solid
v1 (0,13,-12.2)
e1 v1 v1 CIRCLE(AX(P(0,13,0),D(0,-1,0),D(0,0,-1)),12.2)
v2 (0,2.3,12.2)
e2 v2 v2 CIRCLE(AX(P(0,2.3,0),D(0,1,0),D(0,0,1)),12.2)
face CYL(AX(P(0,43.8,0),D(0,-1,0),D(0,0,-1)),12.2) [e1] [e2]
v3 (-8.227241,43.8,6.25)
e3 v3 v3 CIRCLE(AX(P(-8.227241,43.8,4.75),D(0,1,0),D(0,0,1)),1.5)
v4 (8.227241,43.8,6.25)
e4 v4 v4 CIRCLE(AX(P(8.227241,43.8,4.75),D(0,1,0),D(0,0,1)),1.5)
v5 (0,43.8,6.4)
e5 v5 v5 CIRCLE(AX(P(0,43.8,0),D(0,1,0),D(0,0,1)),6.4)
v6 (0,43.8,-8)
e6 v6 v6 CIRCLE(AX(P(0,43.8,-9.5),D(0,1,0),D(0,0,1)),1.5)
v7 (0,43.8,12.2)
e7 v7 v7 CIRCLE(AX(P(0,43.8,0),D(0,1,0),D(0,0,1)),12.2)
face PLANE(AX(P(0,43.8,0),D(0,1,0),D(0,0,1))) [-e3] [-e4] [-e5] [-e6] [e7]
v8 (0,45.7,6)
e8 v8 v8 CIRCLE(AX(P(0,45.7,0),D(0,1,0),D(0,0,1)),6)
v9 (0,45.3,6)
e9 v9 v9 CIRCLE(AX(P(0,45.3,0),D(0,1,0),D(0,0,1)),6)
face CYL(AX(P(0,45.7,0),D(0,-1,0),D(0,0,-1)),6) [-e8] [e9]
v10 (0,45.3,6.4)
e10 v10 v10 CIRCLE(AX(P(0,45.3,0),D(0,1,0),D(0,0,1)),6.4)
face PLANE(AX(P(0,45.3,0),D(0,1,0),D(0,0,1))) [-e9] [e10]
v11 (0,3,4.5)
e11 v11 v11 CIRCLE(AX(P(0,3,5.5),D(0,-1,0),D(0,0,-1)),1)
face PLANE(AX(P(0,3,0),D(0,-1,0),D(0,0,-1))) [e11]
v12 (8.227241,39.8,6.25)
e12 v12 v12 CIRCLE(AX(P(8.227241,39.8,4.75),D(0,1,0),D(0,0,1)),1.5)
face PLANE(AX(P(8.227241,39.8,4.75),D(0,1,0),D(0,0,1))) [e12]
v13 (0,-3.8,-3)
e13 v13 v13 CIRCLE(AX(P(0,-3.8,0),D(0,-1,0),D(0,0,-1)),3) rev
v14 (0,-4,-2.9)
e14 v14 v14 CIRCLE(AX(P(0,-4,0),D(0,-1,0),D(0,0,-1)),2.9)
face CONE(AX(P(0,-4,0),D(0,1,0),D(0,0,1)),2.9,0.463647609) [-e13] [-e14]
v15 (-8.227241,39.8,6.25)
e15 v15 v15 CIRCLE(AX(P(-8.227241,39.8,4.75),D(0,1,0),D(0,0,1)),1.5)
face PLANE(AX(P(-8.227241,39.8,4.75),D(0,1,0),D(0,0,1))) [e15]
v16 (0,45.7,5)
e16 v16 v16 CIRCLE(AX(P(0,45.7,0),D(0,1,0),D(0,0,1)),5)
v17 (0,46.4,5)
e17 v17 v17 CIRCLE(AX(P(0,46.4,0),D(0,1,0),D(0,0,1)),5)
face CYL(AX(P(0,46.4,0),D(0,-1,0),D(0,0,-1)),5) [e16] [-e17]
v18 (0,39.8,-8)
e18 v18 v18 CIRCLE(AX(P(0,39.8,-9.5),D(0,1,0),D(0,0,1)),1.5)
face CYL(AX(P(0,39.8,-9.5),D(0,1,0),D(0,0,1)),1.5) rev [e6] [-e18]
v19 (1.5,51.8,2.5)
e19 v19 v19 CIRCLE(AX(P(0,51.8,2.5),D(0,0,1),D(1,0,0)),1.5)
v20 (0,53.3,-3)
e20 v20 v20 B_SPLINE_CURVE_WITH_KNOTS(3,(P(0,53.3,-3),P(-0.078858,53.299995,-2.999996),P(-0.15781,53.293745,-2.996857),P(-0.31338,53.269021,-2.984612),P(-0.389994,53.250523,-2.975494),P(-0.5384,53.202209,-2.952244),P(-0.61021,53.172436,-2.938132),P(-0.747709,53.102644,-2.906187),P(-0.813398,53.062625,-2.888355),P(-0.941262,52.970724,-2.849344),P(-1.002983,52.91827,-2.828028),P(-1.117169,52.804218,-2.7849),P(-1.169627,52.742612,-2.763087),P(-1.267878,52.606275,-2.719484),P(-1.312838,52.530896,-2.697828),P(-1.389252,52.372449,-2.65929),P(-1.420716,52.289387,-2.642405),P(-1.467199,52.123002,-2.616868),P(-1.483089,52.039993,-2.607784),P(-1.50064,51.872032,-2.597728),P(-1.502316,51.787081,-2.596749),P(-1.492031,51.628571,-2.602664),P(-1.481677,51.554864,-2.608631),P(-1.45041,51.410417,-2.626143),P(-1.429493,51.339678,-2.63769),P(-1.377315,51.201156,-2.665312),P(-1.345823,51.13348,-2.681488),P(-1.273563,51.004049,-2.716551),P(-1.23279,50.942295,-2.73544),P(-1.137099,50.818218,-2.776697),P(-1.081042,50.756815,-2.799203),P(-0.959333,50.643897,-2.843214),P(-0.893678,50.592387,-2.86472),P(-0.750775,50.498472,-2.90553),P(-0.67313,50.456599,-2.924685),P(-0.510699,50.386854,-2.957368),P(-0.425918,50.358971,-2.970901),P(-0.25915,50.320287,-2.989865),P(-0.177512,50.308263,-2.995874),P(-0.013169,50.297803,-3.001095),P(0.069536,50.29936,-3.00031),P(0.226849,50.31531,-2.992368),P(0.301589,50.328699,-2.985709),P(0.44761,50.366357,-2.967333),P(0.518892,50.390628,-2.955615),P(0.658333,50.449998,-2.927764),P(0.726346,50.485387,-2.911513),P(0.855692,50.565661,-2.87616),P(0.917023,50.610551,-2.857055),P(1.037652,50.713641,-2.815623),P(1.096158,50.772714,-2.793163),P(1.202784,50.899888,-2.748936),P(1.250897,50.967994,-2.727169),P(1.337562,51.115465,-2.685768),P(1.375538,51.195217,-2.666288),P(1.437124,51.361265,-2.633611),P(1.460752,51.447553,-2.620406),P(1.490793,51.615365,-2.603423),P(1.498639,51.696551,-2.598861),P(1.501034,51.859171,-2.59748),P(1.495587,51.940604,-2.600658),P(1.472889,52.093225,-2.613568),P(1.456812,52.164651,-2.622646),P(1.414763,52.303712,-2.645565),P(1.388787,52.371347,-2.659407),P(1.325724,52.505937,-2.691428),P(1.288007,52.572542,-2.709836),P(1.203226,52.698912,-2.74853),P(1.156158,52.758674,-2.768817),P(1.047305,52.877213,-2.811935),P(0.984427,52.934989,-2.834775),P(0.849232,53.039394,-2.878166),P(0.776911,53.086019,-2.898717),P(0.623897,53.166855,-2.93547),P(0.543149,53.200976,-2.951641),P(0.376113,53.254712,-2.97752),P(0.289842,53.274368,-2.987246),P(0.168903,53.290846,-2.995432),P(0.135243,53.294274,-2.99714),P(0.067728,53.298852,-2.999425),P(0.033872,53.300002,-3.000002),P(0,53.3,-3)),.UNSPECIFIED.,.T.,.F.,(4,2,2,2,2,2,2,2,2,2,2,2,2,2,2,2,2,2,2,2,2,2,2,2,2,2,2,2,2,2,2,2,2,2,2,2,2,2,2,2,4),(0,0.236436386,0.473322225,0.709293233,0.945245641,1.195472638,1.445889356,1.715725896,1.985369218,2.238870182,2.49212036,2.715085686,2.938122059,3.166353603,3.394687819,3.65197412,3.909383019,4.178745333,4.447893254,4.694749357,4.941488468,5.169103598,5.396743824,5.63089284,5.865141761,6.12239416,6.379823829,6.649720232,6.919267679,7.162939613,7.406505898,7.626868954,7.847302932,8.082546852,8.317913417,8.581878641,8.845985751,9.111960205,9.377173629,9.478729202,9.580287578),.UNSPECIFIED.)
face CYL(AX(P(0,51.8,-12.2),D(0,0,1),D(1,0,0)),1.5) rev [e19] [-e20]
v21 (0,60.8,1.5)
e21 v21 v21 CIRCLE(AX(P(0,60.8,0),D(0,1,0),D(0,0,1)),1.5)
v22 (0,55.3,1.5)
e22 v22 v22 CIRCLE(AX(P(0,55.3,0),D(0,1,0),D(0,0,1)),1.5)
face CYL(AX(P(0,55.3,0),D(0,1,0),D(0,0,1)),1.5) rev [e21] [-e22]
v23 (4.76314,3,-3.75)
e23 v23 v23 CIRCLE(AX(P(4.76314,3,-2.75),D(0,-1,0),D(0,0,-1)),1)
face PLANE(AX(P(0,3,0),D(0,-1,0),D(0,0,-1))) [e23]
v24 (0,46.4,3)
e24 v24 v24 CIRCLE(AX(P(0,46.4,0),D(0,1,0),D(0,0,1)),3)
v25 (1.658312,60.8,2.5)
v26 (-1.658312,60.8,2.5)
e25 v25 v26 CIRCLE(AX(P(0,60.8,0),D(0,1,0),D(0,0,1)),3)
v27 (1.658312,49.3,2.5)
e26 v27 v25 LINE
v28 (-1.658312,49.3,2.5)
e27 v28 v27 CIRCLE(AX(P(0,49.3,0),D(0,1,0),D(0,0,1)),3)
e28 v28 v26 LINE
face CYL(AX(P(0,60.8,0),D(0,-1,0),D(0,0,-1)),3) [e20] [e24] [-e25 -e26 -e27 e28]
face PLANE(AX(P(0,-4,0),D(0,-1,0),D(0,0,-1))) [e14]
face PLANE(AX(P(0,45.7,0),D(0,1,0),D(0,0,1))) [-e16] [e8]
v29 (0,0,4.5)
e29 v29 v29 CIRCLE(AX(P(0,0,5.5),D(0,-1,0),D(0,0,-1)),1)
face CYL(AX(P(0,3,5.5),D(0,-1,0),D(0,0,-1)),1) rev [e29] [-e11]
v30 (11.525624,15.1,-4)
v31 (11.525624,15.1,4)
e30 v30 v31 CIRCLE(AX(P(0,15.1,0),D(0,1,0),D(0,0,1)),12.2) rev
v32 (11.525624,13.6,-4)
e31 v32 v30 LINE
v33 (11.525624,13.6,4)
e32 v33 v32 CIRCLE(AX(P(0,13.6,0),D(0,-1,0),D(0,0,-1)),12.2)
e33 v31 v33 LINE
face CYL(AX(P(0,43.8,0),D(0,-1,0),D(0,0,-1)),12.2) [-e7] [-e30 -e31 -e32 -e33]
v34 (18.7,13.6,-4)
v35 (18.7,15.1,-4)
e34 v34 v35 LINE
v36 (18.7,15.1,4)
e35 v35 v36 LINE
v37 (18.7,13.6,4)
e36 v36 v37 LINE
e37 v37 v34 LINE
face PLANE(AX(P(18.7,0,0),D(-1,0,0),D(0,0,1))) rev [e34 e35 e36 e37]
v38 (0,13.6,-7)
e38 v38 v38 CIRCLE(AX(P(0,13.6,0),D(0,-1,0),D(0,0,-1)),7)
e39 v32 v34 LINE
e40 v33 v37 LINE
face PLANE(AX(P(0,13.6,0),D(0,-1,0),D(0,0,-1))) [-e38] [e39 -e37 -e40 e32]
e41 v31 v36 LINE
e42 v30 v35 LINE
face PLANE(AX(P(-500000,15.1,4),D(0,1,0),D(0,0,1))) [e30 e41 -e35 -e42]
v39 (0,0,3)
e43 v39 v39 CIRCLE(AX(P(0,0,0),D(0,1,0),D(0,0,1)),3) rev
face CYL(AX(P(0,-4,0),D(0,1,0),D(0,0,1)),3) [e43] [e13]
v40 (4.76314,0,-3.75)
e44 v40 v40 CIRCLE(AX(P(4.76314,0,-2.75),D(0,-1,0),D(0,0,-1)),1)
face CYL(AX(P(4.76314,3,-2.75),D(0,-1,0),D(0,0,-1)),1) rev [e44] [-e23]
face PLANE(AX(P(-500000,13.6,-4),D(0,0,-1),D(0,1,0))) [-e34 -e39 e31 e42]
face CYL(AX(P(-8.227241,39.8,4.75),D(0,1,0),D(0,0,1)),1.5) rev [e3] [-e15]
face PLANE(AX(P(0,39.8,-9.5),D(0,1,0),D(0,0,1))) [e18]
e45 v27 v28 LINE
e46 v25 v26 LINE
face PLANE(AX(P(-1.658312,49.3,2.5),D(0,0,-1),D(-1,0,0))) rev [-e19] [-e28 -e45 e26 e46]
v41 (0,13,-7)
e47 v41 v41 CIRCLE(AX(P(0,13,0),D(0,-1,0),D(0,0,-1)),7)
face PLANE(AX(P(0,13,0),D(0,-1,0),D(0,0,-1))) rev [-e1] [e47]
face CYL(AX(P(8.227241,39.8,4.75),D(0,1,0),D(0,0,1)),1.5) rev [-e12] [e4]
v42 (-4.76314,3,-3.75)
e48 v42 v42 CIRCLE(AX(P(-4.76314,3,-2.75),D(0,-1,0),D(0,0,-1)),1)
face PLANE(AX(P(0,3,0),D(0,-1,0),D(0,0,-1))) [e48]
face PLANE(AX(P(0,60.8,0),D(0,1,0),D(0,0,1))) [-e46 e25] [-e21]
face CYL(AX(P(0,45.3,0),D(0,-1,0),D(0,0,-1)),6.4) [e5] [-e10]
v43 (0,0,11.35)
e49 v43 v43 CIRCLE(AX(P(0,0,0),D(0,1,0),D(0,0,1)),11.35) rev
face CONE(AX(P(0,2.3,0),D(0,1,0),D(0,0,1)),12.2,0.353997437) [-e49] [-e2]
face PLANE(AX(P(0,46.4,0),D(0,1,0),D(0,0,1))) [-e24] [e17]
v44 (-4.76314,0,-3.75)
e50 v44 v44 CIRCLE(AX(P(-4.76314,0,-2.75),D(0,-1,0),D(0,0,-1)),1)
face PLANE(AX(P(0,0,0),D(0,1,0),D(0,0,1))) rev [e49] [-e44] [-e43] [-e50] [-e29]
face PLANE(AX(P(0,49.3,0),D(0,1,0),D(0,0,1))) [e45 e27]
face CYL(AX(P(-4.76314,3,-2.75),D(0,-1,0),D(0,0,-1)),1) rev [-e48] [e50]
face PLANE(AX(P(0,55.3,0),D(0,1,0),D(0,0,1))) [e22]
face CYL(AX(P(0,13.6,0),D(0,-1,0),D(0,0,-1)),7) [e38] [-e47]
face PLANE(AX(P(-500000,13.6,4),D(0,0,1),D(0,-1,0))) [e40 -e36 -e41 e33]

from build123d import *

# Parameters (mm, degrees)
SKETCH_1_R          = 12.2
EXTRUDE_1_DEPTH     = 43.8
SKETCH_3_R          = 1.5
CUT_EXTRUDE_1_DEPTH = 4
CHAMFER_1_SIZE      = 0.85
CHAMFER_1_SIZE2     = 2.3
SKETCH_4_R          = 6.4
EXTRUDE_2_DEPTH     = 1.5
SKETCH_5_R          = 6
EXTRUDE_3_DEPTH     = 0.4
SKETCH_6_R          = 5
EXTRUDE_4_DEPTH     = 0.7
SKETCH_7_R          = 3
EXTRUDE_5_DEPTH     = 14.4
SKETCH_8_R          = 1.5
CUT_EXTRUDE_2_DEPTH = 5.5
CUT_EXTRUDE_3_DEPTH = 11.5
SKETCH_10_R         = 1.5
CUT_EXTRUDE_4_DEPTH = 15.7
CUT_EXTRUDE_START   = -13
SKETCH_11_R         = 12.2
SKETCH_11_R_2       = 7
CUT_EXTRUDE_5_DEPTH = 0.6
EXTRUDE_6_REACH     = 32.9
SKETCH_12_W         = 8
SKETCH_12_H         = 1.5
SKETCH_13_R         = 1
CUT_EXTRUDE_6_DEPTH = 3
SKETCH_14_R         = 3
EXTRUDE_7_DEPTH     = 4
CHAMFER_2_SIZE      = 0.2
CHAMFER_2_SIZE2     = 0.1


with BuildPart() as part:
    # 草图1 → 凸台-拉伸1 (new body)
    with BuildSketch(Plane(origin=(0, 0, 0), x_dir=(1, 0, 0), z_dir=(0, 1, 0))):
        Circle(SKETCH_1_R)
    extrude(amount=EXTRUDE_1_DEPTH)

    # 草图3 → 切除-拉伸1 (cut)
    with BuildSketch(Plane(origin=(0, 43.8, 0), x_dir=(1, 0, 0), z_dir=(0, 1, 0))):
        with Locations((0, 9.5)):
            Circle(SKETCH_3_R)
        with Locations((-8.227241336, -4.75)):
            Circle(SKETCH_3_R)
        with Locations((8.227241336, -4.75)):
            Circle(SKETCH_3_R)
    extrude(amount=-CUT_EXTRUDE_1_DEPTH, mode=Mode.SUBTRACT)

    # 倒角1
    chamfer_1_edges = [part.edges().sort_by_distance(p)[0] for p in [
        (-12.2, 0, 0),
    ]]
    chamfer_1_side = [part.faces().sort_by_distance(p)[0] for p in [
        (0, 0, 0),
    ]]
    chamfer(chamfer_1_edges, length=CHAMFER_1_SIZE, length2=CHAMFER_1_SIZE2, reference=chamfer_1_side[0])

    # 草图4 → 凸台-拉伸2 (add)
    with BuildSketch(Plane(origin=(0, 43.8, 0), x_dir=(1, 0, 0), z_dir=(0, 1, 0))):
        Circle(SKETCH_4_R)
    extrude(amount=EXTRUDE_2_DEPTH)

    # 草图5 → 凸台-拉伸3 (add)
    with BuildSketch(Plane(origin=(0, 45.3, 0), x_dir=(1, 0, 0), z_dir=(0, 1, 0))):
        Circle(SKETCH_5_R)
    extrude(amount=EXTRUDE_3_DEPTH)

    # 草图6 → 凸台-拉伸4 (add)
    with BuildSketch(Plane(origin=(0, 45.7, 0), x_dir=(1, 0, 0), z_dir=(0, 1, 0))):
        Circle(SKETCH_6_R)
    extrude(amount=EXTRUDE_4_DEPTH)

    # 草图7 → 凸台-拉伸5 (add)
    with BuildSketch(Plane(origin=(0, 46.4, 0), x_dir=(1, 0, 0), z_dir=(0, 1, 0))):
        Circle(SKETCH_7_R)
    extrude(amount=EXTRUDE_5_DEPTH)

    # 草图8 → 切除-拉伸2 (cut)
    with BuildSketch(Plane(origin=(0, 60.8, 0), x_dir=(1, 0, 0), z_dir=(0, 1, 0))):
        Circle(SKETCH_8_R)
    extrude(amount=-CUT_EXTRUDE_2_DEPTH, mode=Mode.SUBTRACT)

    # 草图9 → 切除-拉伸3 (cut)
    with BuildSketch(Plane(origin=(0, 60.8, 0), x_dir=(1, 0, 0), z_dir=(0, 1, 0))):
        with BuildLine():
            Line((-1.658312395, -2.5), (1.658312395, -2.5))
            ThreePointArc((1.658312395, -2.5), (0, -3), (-1.658312395, -2.5))
        make_face()
    extrude(amount=-CUT_EXTRUDE_3_DEPTH, mode=Mode.SUBTRACT)

    # 草图10 → 切除-拉伸4 (cut, through all)
    with BuildSketch(Plane.XY.offset(2.5)):
        with Locations((0, 51.8)):
            Circle(SKETCH_10_R)
    extrude(amount=-CUT_EXTRUDE_4_DEPTH, mode=Mode.SUBTRACT)

    # 草图11 → 切除-拉伸5 (cut)
    with BuildSketch(Plane.XZ.offset(CUT_EXTRUDE_START)):
        Circle(SKETCH_11_R)
        Circle(SKETCH_11_R_2, mode=Mode.SUBTRACT)
    extrude(amount=-CUT_EXTRUDE_5_DEPTH, mode=Mode.SUBTRACT)

    # 草图12 → 凸台-拉伸6 (add, up to next)
    with BuildSketch(Plane(origin=(18.7, 0, 0), x_dir=(0, 0, -1), z_dir=(1, 0, 0)), mode=Mode.PRIVATE) as extrude_6_sk1:
        with Locations((0, 14.35)):
            Rectangle(SKETCH_12_W, SKETCH_12_H)
    extrude_6_tool1 = extrude(extrude_6_sk1.sketch, amount=-EXTRUDE_6_REACH, mode=Mode.PRIVATE) - part.part
    add(extrude_6_tool1.solids().sort_by_distance((18.7, 14.35, 0))[0])

    # 草图13 → 切除-拉伸6 (cut)
    with BuildSketch(Plane.XZ):
        with Locations((0, 5.5)):
            Circle(SKETCH_13_R)
        with Locations((-4.763139721, -2.75)):
            Circle(SKETCH_13_R)
        with Locations((4.763139721, -2.75)):
            Circle(SKETCH_13_R)
    extrude(amount=-CUT_EXTRUDE_6_DEPTH, mode=Mode.SUBTRACT)

    # 草图14 → 凸台-拉伸7 (add)
    with BuildSketch(Plane.XZ):
        Circle(SKETCH_14_R)
    extrude(amount=EXTRUDE_7_DEPTH)

    # 倒角2
    chamfer_2_edges = [part.edges().sort_by_distance(p)[0] for p in [
        (-3, -4, 0),
    ]]
    chamfer_2_side = [part.faces().sort_by_distance(p)[0] for p in [
        (-3, -2, 0),
    ]]
    chamfer(chamfer_2_edges, length=CHAMFER_2_SIZE, length2=CHAMFER_2_SIZE2, reference=chamfer_2_side[0])


solid = part.part
